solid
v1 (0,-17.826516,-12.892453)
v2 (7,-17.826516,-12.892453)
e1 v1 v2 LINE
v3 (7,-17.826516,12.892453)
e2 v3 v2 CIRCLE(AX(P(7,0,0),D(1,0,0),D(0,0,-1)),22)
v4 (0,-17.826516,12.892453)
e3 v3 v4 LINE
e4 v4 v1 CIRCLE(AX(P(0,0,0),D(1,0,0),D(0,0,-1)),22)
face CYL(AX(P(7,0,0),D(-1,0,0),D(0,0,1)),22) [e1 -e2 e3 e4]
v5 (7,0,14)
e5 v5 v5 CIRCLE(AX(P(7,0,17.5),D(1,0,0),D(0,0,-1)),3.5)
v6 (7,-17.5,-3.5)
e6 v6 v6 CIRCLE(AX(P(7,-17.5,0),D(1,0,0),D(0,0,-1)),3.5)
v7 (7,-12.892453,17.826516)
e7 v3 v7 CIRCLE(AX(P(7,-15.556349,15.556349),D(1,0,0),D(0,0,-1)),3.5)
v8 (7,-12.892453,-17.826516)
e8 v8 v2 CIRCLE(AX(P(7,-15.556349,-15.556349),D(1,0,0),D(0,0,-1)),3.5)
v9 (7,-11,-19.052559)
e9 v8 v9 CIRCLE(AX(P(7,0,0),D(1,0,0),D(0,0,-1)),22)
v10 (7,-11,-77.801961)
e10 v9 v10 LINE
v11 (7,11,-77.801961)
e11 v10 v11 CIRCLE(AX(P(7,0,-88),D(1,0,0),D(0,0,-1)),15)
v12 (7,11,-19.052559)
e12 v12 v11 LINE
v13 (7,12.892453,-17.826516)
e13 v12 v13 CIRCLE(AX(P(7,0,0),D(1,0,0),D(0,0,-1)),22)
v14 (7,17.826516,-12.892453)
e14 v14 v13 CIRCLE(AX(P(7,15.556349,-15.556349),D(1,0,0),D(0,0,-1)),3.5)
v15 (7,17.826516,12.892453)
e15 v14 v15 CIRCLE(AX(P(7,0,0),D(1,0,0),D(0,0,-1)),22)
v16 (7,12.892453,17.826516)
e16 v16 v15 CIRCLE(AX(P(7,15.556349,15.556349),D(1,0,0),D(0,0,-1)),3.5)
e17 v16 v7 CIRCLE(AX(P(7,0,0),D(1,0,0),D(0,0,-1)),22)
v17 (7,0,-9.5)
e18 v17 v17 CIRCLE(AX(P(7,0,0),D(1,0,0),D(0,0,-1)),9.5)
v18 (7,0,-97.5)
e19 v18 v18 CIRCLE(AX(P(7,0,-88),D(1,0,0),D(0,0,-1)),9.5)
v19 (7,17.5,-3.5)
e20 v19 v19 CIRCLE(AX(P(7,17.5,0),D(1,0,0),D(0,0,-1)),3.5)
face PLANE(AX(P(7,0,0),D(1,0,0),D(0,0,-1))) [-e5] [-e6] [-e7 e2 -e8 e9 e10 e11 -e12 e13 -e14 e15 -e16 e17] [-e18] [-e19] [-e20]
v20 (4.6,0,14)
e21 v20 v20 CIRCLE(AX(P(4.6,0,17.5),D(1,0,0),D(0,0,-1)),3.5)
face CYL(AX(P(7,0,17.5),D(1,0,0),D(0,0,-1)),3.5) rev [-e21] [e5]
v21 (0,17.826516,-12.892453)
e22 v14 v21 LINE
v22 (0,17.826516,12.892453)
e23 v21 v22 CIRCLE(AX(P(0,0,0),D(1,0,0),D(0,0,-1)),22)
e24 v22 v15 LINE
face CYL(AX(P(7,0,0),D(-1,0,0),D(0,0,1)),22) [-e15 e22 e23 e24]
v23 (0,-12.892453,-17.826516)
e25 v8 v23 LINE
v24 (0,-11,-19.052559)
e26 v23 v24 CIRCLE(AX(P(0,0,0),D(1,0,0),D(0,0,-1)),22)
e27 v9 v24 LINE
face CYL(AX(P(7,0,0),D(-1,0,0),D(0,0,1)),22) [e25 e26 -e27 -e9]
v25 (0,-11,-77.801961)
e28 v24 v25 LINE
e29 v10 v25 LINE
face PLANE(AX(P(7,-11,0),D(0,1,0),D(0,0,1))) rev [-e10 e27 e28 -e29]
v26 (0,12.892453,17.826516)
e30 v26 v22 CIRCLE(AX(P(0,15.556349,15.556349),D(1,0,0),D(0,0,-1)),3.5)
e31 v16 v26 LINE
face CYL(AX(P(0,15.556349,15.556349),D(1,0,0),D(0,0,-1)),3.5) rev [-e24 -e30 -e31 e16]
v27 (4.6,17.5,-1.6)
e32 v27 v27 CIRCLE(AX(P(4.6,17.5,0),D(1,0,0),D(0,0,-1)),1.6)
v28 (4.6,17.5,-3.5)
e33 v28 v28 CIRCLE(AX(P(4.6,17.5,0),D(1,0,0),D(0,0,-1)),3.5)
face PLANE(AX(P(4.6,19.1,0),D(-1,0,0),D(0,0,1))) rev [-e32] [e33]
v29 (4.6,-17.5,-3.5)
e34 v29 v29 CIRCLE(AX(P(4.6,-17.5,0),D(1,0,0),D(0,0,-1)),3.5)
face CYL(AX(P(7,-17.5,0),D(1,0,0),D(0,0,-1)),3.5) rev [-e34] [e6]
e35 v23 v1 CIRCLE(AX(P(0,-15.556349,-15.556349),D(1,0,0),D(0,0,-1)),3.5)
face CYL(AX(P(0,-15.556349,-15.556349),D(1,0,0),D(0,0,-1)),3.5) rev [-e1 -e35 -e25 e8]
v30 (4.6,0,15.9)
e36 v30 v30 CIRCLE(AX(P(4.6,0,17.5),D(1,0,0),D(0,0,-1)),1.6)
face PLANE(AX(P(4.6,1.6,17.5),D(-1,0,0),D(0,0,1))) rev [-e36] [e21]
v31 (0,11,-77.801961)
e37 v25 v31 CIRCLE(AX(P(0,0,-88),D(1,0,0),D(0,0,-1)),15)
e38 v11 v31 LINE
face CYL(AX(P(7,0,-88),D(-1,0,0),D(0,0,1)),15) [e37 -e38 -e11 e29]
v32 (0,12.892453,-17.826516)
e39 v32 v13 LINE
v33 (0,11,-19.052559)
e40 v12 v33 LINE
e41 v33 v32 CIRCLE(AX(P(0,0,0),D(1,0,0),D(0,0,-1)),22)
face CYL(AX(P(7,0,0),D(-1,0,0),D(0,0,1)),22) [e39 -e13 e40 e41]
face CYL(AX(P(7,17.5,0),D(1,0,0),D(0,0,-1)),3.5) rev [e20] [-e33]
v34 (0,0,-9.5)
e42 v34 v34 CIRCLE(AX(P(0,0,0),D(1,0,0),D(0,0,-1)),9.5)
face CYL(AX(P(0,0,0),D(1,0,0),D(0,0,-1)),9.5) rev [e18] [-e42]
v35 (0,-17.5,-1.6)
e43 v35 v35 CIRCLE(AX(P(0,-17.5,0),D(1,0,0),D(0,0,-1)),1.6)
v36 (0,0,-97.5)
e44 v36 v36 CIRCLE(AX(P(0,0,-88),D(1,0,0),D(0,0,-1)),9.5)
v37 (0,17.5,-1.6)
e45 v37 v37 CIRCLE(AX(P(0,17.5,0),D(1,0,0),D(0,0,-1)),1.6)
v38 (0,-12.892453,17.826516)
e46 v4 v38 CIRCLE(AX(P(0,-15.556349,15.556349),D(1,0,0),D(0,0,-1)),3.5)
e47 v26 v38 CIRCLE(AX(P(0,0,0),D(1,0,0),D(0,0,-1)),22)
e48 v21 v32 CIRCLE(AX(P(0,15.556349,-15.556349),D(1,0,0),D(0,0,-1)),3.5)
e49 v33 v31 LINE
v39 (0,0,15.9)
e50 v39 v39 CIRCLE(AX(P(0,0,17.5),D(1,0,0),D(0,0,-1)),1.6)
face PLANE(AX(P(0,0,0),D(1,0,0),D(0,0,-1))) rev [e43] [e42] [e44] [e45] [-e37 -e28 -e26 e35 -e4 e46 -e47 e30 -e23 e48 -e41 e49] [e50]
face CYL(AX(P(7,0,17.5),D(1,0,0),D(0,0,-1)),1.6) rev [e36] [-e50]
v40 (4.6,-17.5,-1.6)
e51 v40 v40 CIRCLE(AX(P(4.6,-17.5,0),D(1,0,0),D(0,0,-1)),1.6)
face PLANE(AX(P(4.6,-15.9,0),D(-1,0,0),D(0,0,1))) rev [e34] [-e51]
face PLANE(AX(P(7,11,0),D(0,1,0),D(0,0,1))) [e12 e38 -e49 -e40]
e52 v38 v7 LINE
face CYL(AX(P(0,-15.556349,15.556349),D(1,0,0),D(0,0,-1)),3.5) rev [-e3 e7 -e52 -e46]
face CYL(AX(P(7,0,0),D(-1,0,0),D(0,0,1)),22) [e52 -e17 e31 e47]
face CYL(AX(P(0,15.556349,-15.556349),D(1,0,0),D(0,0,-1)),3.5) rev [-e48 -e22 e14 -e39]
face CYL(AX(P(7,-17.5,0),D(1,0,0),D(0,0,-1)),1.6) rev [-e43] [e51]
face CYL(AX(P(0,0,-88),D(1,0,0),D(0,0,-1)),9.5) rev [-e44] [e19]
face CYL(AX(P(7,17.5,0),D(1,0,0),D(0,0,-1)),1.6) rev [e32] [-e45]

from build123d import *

# Parameters (mm, degrees)
BOSS_EXTRUDE1_DEPTH                              = 7
CBORE_FOR_M3_PAN_HEAD_MACHINE_SCREW1_D           = 3.2
CBORE_FOR_M3_PAN_HEAD_MACHINE_SCREW1_CBORE_D     = 7
CBORE_FOR_M3_PAN_HEAD_MACHINE_SCREW1_CBORE_DEPTH = 2.4
SKETCH5_R                                        = 9.5
CUT_EXTRUDE1_DEPTH                               = 1
CUT_EXTRUDE1_DEPTH_BACK                          = 8
SKETCH6_R                                        = 3.5
CUT_EXTRUDE2_DEPTH                               = 1
CUT_EXTRUDE2_DEPTH_BACK                          = 8
SKETCH7_R                                        = 9.5
CUT_EXTRUDE3_DEPTH                               = 1
CUT_EXTRUDE3_DEPTH_BACK                          = 8


with BuildPart() as part:
    # Sketch1 → Boss-Extrude1 (new body)
    with BuildSketch(Plane(origin=(0, 0, 0), x_dir=(0, 0, -1), z_dir=(1, 0, 0))):
        with BuildLine():
            ThreePointArc((77.801960973, 11), (73, 0), (77.801960973, -11))
            Line((77.801960973, -11), (88, -11))
            Line((88, -11), (88, 11))
            Line((88, 11), (77.801960973, 11))
        make_face()
        with BuildLine():
            Line((88, -11), (77.801960973, -11))
            ThreePointArc((77.801960973, -11), (94.001225483, -13.747192175), (103, 0))
            ThreePointArc((103, 0), (94.001225483, 13.747192175), (77.801960973, 11))
            Line((77.801960973, 11), (88, 11))
            Line((88, 11), (88, -11))
        make_face()
        with BuildLine():
            ThreePointArc((22, 0), (21.250368178, -5.694018992), (19.052558883, -11))
            Line((19.052558883, -11), (77.801960973, -11))
            ThreePointArc((77.801960973, -11), (73, 0), (77.801960973, 11))
            Line((77.801960973, 11), (19.052558883, 11))
            ThreePointArc((19.052558883, 11), (21.250368178, 5.694018992), (22, 0))
        make_face()
        with BuildLine():
            Line((0, 11), (0, -11))
            Line((0, -11), (19.052558883, -11))
            ThreePointArc((19.052558883, -11), (21.250368178, -5.694018992), (22, 0))
            ThreePointArc((22, 0), (21.250368178, 5.694018992), (19.052558883, 11))
            Line((19.052558883, 11), (0, 11))
        make_face()
        with BuildLine():
            Line((19.052558883, -11), (0, -11))
            Line((0, -11), (0, 11))
            Line((0, 11), (19.052558883, 11))
            ThreePointArc((19.052558883, 11), (-22, 0), (19.052558883, -11))
        make_face()
    extrude(amount=BOSS_EXTRUDE1_DEPTH)

    # CBORE for M3 Pan Head Machine Screw1 (through all)
    with Locations(Plane(origin=(7, 0, 0), x_dir=(0, 0, -1), z_dir=(1, 0, 0))):
        with Locations((0, -17.5), (0, 17.5), (-17.5, 0)):
            CounterBoreHole(CBORE_FOR_M3_PAN_HEAD_MACHINE_SCREW1_D / 2, CBORE_FOR_M3_PAN_HEAD_MACHINE_SCREW1_CBORE_D / 2, CBORE_FOR_M3_PAN_HEAD_MACHINE_SCREW1_CBORE_DEPTH)

    # Sketch5 → Cut-Extrude1 (cut, two sides)
    with BuildSketch(Plane(origin=(7, 0, 0), x_dir=(0, 0, -1), z_dir=(1, 0, 0))) as cut_extrude1_sk:
        Circle(SKETCH5_R)
    extrude(amount=CUT_EXTRUDE1_DEPTH, mode=Mode.SUBTRACT)
    extrude(cut_extrude1_sk.sketch, amount=-CUT_EXTRUDE1_DEPTH_BACK, mode=Mode.SUBTRACT)

    # Sketch6 → Cut-Extrude2 (cut, two sides)
    with BuildSketch(Plane(origin=(7, 0, 0), x_dir=(0, 0, -1), z_dir=(1, 0, 0))) as cut_extrude2_sk:
        with Locations((15.556349186, 15.556349186)):
            Circle(SKETCH6_R)
        with Locations((-15.556349186, 15.556349186)):
            Circle(SKETCH6_R)
        with Locations((-15.556349186, -15.556349186)):
            Circle(SKETCH6_R)
        with Locations((15.556349186, -15.556349186)):
            Circle(SKETCH6_R)
    extrude(amount=CUT_EXTRUDE2_DEPTH, mode=Mode.SUBTRACT)
    extrude(cut_extrude2_sk.sketch, amount=-CUT_EXTRUDE2_DEPTH_BACK, mode=Mode.SUBTRACT)

    # Sketch7 → Cut-Extrude3 (cut, two sides)
    with BuildSketch(Plane(origin=(7, 0, 0), x_dir=(0, 0, -1), z_dir=(1, 0, 0))) as cut_extrude3_sk:
        with Locations((88, 0)):
            Circle(SKETCH7_R)
    extrude(amount=CUT_EXTRUDE3_DEPTH, mode=Mode.SUBTRACT)
    extrude(cut_extrude3_sk.sketch, amount=-CUT_EXTRUDE3_DEPTH_BACK, mode=Mode.SUBTRACT)


solid = part.part
